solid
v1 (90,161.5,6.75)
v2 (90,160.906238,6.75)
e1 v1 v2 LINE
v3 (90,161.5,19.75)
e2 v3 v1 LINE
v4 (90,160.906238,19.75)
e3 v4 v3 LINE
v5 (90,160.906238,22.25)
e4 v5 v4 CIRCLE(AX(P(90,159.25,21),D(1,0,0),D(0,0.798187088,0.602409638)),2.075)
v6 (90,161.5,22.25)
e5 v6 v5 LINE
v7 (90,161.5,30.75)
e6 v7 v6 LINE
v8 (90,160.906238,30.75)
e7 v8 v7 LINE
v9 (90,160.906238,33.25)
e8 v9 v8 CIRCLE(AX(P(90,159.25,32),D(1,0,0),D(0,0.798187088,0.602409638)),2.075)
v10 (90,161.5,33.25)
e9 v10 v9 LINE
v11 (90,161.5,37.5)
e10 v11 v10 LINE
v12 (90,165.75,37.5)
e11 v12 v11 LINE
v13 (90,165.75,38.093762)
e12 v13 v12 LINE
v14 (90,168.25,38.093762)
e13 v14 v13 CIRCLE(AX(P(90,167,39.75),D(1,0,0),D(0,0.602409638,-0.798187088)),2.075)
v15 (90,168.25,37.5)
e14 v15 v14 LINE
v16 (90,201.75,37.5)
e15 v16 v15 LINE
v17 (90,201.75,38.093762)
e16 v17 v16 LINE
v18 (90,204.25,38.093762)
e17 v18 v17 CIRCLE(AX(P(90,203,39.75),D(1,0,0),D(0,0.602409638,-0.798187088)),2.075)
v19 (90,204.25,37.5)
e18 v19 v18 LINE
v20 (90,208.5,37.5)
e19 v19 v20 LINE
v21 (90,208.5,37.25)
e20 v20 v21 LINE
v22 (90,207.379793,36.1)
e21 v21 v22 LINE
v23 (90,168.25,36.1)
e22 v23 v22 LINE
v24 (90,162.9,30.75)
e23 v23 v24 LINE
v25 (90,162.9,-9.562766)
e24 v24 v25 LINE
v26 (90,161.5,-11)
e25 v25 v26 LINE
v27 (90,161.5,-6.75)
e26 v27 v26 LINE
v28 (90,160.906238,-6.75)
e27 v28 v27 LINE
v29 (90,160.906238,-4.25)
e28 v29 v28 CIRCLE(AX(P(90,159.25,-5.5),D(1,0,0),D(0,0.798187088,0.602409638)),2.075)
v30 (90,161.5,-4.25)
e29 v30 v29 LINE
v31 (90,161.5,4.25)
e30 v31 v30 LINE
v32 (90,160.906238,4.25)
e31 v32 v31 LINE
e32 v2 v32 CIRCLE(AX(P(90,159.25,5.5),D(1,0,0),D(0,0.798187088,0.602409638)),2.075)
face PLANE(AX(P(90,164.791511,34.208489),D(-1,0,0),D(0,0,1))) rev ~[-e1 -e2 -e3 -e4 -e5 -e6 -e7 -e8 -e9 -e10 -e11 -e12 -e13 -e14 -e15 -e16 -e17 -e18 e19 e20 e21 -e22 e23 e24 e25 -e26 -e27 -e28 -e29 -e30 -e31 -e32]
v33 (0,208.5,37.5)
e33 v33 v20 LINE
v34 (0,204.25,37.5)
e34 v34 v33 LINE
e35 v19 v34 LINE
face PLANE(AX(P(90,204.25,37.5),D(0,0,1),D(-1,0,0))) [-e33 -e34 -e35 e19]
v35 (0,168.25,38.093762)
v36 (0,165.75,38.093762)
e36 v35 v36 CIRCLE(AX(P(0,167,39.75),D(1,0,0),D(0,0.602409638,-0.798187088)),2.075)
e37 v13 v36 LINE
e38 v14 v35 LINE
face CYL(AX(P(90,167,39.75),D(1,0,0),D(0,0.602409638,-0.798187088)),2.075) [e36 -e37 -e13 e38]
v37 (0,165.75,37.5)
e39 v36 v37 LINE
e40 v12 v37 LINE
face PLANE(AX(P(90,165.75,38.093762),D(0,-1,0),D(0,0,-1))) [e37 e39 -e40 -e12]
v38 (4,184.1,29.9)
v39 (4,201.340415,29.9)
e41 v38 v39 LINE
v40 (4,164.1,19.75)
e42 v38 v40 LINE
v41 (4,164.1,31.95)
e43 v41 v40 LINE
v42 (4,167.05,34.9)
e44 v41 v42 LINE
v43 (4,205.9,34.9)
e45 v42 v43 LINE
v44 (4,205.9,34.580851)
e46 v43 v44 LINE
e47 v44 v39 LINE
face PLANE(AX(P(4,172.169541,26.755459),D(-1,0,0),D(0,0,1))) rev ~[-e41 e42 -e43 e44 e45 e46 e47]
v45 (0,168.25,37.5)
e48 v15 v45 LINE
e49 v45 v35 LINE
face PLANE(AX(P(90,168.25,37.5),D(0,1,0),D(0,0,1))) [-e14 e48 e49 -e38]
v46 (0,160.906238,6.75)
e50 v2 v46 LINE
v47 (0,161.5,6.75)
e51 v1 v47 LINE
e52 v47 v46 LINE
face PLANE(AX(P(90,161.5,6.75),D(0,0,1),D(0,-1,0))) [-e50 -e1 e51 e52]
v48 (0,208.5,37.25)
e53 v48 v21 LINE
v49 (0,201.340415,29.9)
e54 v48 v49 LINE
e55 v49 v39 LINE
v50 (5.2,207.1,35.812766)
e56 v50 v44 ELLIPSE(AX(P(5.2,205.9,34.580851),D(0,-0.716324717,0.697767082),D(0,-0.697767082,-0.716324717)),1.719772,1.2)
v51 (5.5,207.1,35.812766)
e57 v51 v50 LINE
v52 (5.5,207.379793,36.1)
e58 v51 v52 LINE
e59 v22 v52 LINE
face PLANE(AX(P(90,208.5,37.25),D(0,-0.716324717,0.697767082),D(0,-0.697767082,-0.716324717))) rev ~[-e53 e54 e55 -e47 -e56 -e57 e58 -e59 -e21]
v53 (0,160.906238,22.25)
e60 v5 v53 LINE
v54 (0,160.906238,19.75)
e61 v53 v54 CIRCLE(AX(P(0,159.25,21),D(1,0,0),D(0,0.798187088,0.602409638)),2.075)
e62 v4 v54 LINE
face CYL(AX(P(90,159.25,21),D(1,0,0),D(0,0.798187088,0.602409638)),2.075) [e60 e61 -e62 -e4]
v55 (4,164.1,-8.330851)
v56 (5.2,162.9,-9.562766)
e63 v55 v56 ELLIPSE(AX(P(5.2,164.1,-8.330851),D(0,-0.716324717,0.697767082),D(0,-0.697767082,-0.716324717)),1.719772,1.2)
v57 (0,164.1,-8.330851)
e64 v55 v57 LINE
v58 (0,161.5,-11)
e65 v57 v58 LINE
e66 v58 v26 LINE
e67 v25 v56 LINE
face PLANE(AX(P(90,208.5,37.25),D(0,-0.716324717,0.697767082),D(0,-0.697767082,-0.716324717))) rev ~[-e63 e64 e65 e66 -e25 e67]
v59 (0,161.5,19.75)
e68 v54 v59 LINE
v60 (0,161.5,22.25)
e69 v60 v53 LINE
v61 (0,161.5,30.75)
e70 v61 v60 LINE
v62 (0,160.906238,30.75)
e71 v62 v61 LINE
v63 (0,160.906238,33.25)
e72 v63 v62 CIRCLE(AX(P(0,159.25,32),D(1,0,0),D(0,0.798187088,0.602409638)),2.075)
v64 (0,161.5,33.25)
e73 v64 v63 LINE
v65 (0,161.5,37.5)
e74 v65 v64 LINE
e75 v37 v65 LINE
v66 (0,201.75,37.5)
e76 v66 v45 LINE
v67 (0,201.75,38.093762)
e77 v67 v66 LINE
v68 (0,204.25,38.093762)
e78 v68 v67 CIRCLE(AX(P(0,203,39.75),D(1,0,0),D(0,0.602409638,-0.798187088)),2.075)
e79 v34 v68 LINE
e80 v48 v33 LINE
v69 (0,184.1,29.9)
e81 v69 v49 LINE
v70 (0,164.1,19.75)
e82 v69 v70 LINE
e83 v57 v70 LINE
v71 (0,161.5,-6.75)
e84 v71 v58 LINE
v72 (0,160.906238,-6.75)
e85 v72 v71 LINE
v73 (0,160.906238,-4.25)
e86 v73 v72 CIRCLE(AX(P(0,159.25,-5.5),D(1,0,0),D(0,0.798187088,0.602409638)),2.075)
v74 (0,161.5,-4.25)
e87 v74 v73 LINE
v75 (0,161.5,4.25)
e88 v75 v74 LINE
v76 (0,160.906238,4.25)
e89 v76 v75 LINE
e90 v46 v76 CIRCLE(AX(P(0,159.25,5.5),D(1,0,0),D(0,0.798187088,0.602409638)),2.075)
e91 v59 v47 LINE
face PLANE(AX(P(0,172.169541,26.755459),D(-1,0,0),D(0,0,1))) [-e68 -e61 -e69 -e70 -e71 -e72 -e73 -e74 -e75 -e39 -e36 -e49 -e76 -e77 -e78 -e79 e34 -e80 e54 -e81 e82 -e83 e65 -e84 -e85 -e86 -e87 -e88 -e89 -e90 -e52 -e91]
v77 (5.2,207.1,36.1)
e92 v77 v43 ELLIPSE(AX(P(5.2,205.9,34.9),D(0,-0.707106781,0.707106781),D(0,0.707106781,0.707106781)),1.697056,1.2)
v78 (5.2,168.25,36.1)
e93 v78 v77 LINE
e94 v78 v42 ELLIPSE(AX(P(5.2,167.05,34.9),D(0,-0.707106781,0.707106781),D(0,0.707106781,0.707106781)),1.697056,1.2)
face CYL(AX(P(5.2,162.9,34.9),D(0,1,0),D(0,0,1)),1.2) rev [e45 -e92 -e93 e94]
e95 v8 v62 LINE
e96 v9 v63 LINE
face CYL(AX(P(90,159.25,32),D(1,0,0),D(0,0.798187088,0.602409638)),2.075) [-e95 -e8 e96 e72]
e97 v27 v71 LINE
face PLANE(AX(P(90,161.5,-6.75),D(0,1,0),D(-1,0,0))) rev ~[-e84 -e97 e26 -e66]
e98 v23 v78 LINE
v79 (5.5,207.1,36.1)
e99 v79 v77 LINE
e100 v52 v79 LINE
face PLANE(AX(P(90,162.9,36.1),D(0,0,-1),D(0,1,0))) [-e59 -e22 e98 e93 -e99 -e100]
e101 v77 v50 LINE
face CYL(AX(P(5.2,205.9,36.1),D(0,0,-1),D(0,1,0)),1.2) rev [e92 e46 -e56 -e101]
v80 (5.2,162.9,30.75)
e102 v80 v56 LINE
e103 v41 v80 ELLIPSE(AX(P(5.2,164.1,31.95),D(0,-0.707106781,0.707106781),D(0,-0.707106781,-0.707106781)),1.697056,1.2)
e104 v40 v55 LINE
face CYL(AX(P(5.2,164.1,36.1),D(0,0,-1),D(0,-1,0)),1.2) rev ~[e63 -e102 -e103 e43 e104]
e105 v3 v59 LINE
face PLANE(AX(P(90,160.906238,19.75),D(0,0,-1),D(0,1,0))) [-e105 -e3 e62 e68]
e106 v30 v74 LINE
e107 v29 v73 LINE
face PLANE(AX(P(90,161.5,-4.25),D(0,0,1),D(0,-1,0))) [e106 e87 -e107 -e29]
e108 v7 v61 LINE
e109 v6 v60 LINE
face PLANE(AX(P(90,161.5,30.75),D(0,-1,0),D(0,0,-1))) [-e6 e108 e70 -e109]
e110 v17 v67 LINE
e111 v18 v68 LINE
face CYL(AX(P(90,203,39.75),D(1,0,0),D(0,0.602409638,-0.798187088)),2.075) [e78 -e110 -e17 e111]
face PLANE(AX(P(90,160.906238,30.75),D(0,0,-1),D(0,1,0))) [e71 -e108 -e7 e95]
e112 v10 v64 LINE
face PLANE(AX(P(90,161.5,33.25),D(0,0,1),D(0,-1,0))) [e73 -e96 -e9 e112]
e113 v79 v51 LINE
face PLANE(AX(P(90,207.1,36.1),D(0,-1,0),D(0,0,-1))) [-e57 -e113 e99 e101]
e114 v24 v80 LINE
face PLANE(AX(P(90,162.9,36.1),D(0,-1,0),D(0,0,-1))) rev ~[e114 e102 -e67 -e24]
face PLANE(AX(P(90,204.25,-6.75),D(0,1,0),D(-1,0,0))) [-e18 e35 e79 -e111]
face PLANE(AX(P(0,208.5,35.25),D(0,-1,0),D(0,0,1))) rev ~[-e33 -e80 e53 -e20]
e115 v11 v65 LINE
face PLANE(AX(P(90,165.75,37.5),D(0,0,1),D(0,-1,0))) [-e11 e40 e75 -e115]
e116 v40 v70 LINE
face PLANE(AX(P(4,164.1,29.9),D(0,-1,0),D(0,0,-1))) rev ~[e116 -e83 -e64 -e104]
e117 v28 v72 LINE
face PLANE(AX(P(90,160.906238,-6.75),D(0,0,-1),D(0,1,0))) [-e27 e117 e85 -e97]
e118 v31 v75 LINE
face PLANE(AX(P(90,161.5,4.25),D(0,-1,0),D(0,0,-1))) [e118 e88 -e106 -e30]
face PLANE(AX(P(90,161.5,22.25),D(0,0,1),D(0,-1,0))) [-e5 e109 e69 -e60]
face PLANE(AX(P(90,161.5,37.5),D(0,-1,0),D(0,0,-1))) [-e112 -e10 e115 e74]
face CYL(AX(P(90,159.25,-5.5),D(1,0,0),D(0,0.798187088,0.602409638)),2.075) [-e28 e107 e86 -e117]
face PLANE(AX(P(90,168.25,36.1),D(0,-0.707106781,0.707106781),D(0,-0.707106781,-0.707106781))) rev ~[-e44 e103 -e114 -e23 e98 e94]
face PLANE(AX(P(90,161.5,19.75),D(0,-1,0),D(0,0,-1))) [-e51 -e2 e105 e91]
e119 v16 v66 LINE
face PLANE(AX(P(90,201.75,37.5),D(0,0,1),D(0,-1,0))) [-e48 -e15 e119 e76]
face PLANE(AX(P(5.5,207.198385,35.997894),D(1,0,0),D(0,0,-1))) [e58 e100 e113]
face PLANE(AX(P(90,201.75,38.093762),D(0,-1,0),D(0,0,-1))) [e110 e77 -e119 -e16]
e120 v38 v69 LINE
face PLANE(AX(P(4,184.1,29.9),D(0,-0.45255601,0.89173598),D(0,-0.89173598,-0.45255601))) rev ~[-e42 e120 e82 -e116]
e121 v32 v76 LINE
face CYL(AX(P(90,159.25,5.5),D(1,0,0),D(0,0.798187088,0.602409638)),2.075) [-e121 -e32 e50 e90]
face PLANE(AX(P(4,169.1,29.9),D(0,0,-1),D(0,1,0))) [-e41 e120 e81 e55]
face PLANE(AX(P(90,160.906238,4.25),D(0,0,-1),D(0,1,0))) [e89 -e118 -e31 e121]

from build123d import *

# Parameters (mm, degrees)
EXTRUDE_1_DEPTH             = 90
SKETCH_2_W                  = 90
SKETCH_2_H                  = 42.75
EXTRUDE_2_DEPTH             = 8.2
SKETCH_3_W                  = 90
SKETCH_3_H                  = 52.45
EXTRUDE_3_DEPTH             = 8.2
SKETCH_4_W                  = 3.95
SKETCH_4_H                  = 2.25
CUT_EXTRUDE_1_DEPTH         = 235.487383722
SKETCH_5_W                  = 3.95
SKETCH_5_H                  = 29.5
CUT_EXTRUDE_2_DEPTH         = 235.487383722
SKETCH_6_W                  = 3.95
SKETCH_6_H                  = 6.2
CUT_EXTRUDE_3_DEPTH         = 235.487383722
SKETCH_7_W                  = 2.25
SKETCH_7_H                  = 3.95
CUT_EXTRUDE_4_DEPTH         = 235.487383722
SKETCH_8_W                  = 4.5
SKETCH_8_H                  = 3.95
CUT_EXTRUDE_5_DEPTH         = 235.487383722
SKETCH_9_W                  = 9
SKETCH_9_H                  = 3.95
CUT_EXTRUDE_6_DEPTH         = 235.487383722
SKETCH_10_W                 = 4.5
SKETCH_10_H                 = 3.95
CUT_EXTRUDE_7_DEPTH         = 235.487383722
SKETCH_11_W                 = 2.25
SKETCH_11_H                 = 3.95
CUT_EXTRUDE_8_DEPTH         = 235.487383722
SKETCH_12_W                 = 45.7
SKETCH_12_H                 = 44.2
CUT_EXTRUDE_9_DEPTH         = 86
HOLE_WIZARD_2_5_2_5_1_D     = 2.5
HOLE_WIZARD_4_5_4_5_1_D     = 4.5
HOLE_WIZARD_8_3_8_3_1_D     = 8.3
HOLE_WIZARD_8_3_8_3_1_DEPTH = 3.2
SKETCH_19_R                 = 1.67252853
SKETCH_19_R_2               = 1.459159852
SKETCH_19_R_3               = 1.459908976
SKETCH_19_R_4               = 1.592821911
SKETCH_19_R_5               = 1.532216665
SKETCH_19_R_6               = 1.596138091
EXTRUDE_4_DEPTH             = 90
CUT_EXTRUDE_START           = -90
SKETCH_20_R                 = 4.15
CUT_EXTRUDE_10_DEPTH        = 90
FILLET_1_R                  = 2
FILLET_2_R                  = 2
FILLET_3_R                  = 2
FILLET_4_R                  = 2
FILLET_5_R                  = 2
FILLET_6_R                  = 2
FILLET_7_R                  = 2
FILLET_8_R                  = 2
FILLET_9_R                  = 2
FILLET_10_R                 = 2
FILLET_11_R                 = 2
FILLET_12_R                 = 2
FILLET_13_R                 = 1.2
CUT_EXTRUDE_11_DEPTH        = 131
EXTRUDE_START               = -4
EXTRUDE_5_DEPTH             = 4
CUT_EXTRUDE_12_DEPTH        = 4
CUT_EXTRUDE_14_DEPTH        = 6
EXTRUDE_6_DEPTH             = 4
EXTRUDE_7_DEPTH             = 87
CUT_EXTRUDE_15_DEPTH        = 84.5


with BuildPart() as part:
    # Эскиз1 → Бобышка-Вытянуть1 (new body)
    with BuildSketch(Plane(origin=(90, 0, 0), x_dir=(0, 0, -1), z_dir=(1, 0, 0))):
        with BuildLine():
            Line((6.75, 160.906238208), (6.75, 204.25))
            Line((6.75, 204.25), (-38.093761792, 204.25))
            ThreePointArc((-38.093761792, 204.25), (-41.825, 203), (-38.093761792, 201.75))
            Line((-38.093761792, 201.75), (-37.5, 201.75))
            Line((-37.5, 201.75), (-37.5, 168.25))
            Line((-37.5, 168.25), (-38.093761792, 168.25))
            ThreePointArc((-38.093761792, 168.25), (-41.825, 167), (-38.093761792, 165.75))
            Line((-38.093761792, 165.75), (-37.5, 165.75))
            Line((-37.5, 165.75), (-37.5, 161.5))
            Line((-37.5, 161.5), (-33.25, 161.5))
            Line((-33.25, 161.5), (-33.25, 160.906238208))
            ThreePointArc((-33.25, 160.906238208), (-32, 157.175), (-30.75, 160.906238208))
            Line((-30.75, 160.906238208), (-30.75, 161.5))
            Line((-30.75, 161.5), (-22.25, 161.5))
            Line((-22.25, 161.5), (-22.25, 160.906238208))
            ThreePointArc((-22.25, 160.906238208), (-21, 157.175), (-19.75, 160.906238208))
            Line((-19.75, 160.906238208), (-19.75, 161.5))
            Line((-19.75, 161.5), (-6.75, 161.5))
            Line((-6.75, 161.5), (-6.75, 160.906238208))
            ThreePointArc((-6.75, 160.906238208), (-5.5, 157.175), (-4.25, 160.906238208))
            Line((-4.25, 160.906238208), (-4.25, 161.5))
            Line((-4.25, 161.5), (4.25, 161.5))
            Line((4.25, 161.5), (4.25, 160.906238208))
            ThreePointArc((4.25, 160.906238208), (5.5, 157.175), (6.75, 160.906238208))
        make_face()
    extrude(amount=-EXTRUDE_1_DEPTH)

    # Эскиз2 → Бобышка-Вытянуть2 (add)
    with BuildSketch(Plane(origin=(0, 0, -6.75), x_dir=(-1, 0, 0), z_dir=(0, 0, -1))):
        with Locations((-45, 182.875)):
            Rectangle(SKETCH_2_W, SKETCH_2_H)
    extrude(amount=EXTRUDE_2_DEPTH)

    # Эскиз3 → Бобышка-Вытянуть3 (add)
    with BuildSketch(Plane(origin=(0, 204.25, 0), x_dir=(-1, 0, 0), z_dir=(0, 1, 0))):
        with Locations((-45, 11.275)):
            Rectangle(SKETCH_3_W, SKETCH_3_H)
    extrude(amount=EXTRUDE_3_DEPTH)

    # Эскиз4 → Вырез-Вытянуть1 (cut, through all)
    with BuildSketch(Plane.ZY):
        with Locations((-12.975, 162.625)):
            Rectangle(SKETCH_4_W, SKETCH_4_H)
    extrude(amount=-CUT_EXTRUDE_1_DEPTH, mode=Mode.SUBTRACT)

    # Эскиз5 → Вырез-Вытянуть2 (cut, through all)
    with BuildSketch(Plane.ZY):
        with Locations((-12.975, 185)):
            Rectangle(SKETCH_5_W, SKETCH_5_H)
    extrude(amount=-CUT_EXTRUDE_2_DEPTH, mode=Mode.SUBTRACT)

    # Эскиз6 → Вырез-Вытянуть3 (cut, through all)
    with BuildSketch(Plane.ZY):
        with Locations((-12.975, 209.35)):
            Rectangle(SKETCH_6_W, SKETCH_6_H)
    extrude(amount=-CUT_EXTRUDE_3_DEPTH, mode=Mode.SUBTRACT)

    # Эскиз7 → Вырез-Вытянуть4 (cut, through all)
    with BuildSketch(Plane.ZY):
        with Locations((-9.875, 210.475)):
            Rectangle(SKETCH_7_W, SKETCH_7_H)
    extrude(amount=-CUT_EXTRUDE_4_DEPTH, mode=Mode.SUBTRACT)

    # Эскиз8 → Вырез-Вытянуть5 (cut, through all)
    with BuildSketch(Plane.ZY):
        with Locations((0, 210.475)):
            Rectangle(SKETCH_8_W, SKETCH_8_H)
    extrude(amount=-CUT_EXTRUDE_5_DEPTH, mode=Mode.SUBTRACT)

    # Эскиз9 → Вырез-Вытянуть6 (cut, through all)
    with BuildSketch(Plane.ZY):
        with Locations((13.25, 210.475)):
            Rectangle(SKETCH_9_W, SKETCH_9_H)
    extrude(amount=-CUT_EXTRUDE_6_DEPTH, mode=Mode.SUBTRACT)

    # Эскиз10 → Вырез-Вытянуть7 (cut, through all)
    with BuildSketch(Plane.ZY):
        with Locations((26.5, 210.475)):
            Rectangle(SKETCH_10_W, SKETCH_10_H)
    extrude(amount=-CUT_EXTRUDE_7_DEPTH, mode=Mode.SUBTRACT)

    # Эскиз11 → Вырез-Вытянуть8 (cut, through all)
    with BuildSketch(Plane.ZY):
        with Locations((36.375, 210.475)):
            Rectangle(SKETCH_11_W, SKETCH_11_H)
    extrude(amount=-CUT_EXTRUDE_8_DEPTH, mode=Mode.SUBTRACT)

    # Эскиз12 → Вырез-Вытянуть9 (cut)
    with BuildSketch(Plane(origin=(90, 0, 0), x_dir=(0, 0, -1), z_dir=(1, 0, 0))):
        with Locations((-13.25, 185)):
            Rectangle(SKETCH_12_W, SKETCH_12_H)
    extrude(amount=-CUT_EXTRUDE_9_DEPTH, mode=Mode.SUBTRACT)

    # Диаметр отверстия Ø2.5 (2.5)1 (through all)
    with Locations(Plane(origin=(90, 0, 0), x_dir=(0, 0, -1), z_dir=(1, 0, 0))):
        with Locations((5.5, 159.25), (-21, 159.25), (-5.5, 159.25), (-32, 159.25), (-39.75, 167), (-39.75, 203)):
            Hole(HOLE_WIZARD_2_5_2_5_1_D / 2)

    # Диаметр отверстия Ø4.5 (4.5)1 (through all)
    with Locations(Plane.ZY):
        with Locations((-13.25, 167), (-13.25, 203), (-5.5, 210.75), (5.5, 210.75), (21, 210.75), (32, 210.75)):
            Hole(HOLE_WIZARD_4_5_4_5_1_D / 2)

    # Диаметр отверстия Ø8.3 (8.3)1
    with Locations(Plane.ZY):
        with Locations((13.25, 185)):
            Hole(HOLE_WIZARD_8_3_8_3_1_D / 2, depth=HOLE_WIZARD_8_3_8_3_1_DEPTH)

    # Эскиз19 → Бобышка-Вытянуть4 (add)
    with BuildSketch(Plane(origin=(90, 0, 0), x_dir=(0, 0, -1), z_dir=(1, 0, 0))):
        with Locations((-39.75, 203)):
            Circle(SKETCH_19_R)
        with Locations((-39.75, 167)):
            Circle(SKETCH_19_R_2)
        with Locations((-32, 159.25)):
            Circle(SKETCH_19_R_3)
        with Locations((-21, 159.25)):
            Circle(SKETCH_19_R_4)
        with Locations((-5.5, 159.25)):
            Circle(SKETCH_19_R_5)
        with Locations((5.5, 159.25)):
            Circle(SKETCH_19_R_6)
    extrude(amount=-EXTRUDE_4_DEPTH)

    # Эскиз20 → Вырез-Вытянуть10 (cut)
    with BuildSketch(Plane.ZY.offset(CUT_EXTRUDE_START)):
        with Locations((13.25, 185)):
            Circle(SKETCH_20_R)
    extrude(amount=CUT_EXTRUDE_10_DEPTH, mode=Mode.SUBTRACT)

    # Скругление1
    fillet_1_edges = [part.edges().sort_by_distance(p)[0] for p in [
        (45, 208.5, -8.75),
    ]]
    fillet(fillet_1_edges, radius=FILLET_1_R)

    # Скругление2
    fillet_2_edges = [part.edges().sort_by_distance(p)[0] for p in [
        (45, 163.75, -11),
    ]]
    fillet(fillet_2_edges, radius=FILLET_2_R)

    # Скругление3
    fillet_3_edges = [part.edges().sort_by_distance(p)[0] for p in [
        (45, 170.25, -11),
    ]]
    fillet(fillet_3_edges, radius=FILLET_3_R)

    # Скругление4
    fillet_4_edges = [part.edges().sort_by_distance(p)[0] for p in [
        (45, 199.75, -11),
    ]]
    fillet(fillet_4_edges, radius=FILLET_4_R)

    # Скругление5
    fillet_5_edges = [part.edges().sort_by_distance(p)[0] for p in [
        (45, 206.25, -11),
    ]]
    fillet(fillet_5_edges, radius=FILLET_5_R)

    # Скругление6
    fillet_6_edges = [part.edges().sort_by_distance(p)[0] for p in [
        (45, 208.5, -2.25),
    ]]
    fillet(fillet_6_edges, radius=FILLET_6_R)

    # Скругление7
    fillet_7_edges = [part.edges().sort_by_distance(p)[0] for p in [
        (45, 208.5, 2.25),
    ]]
    fillet(fillet_7_edges, radius=FILLET_7_R)

    # Скругление8
    fillet_8_edges = [part.edges().sort_by_distance(p)[0] for p in [
        (45, 208.5, 8.75),
    ]]
    fillet(fillet_8_edges, radius=FILLET_8_R)

    # Скругление9
    fillet_9_edges = [part.edges().sort_by_distance(p)[0] for p in [
        (45, 208.5, 17.75),
    ]]
    fillet(fillet_9_edges, radius=FILLET_9_R)

    # Скругление10
    fillet_10_edges = [part.edges().sort_by_distance(p)[0] for p in [
        (45, 208.5, 24.25),
    ]]
    fillet(fillet_10_edges, radius=FILLET_10_R)

    # Скругление11
    fillet_11_edges = [part.edges().sort_by_distance(p)[0] for p in [
        (45, 208.5, 28.75),
    ]]
    fillet(fillet_11_edges, radius=FILLET_11_R)

    # Скругление12
    fillet_12_edges = [part.edges().sort_by_distance(p)[0] for p in [
        (45, 208.5, 35.25),
    ]]
    fillet(fillet_12_edges, radius=FILLET_12_R)

    # Скругление13
    fillet_13_edges = [part.edges().sort_by_distance(p)[0] for p in [
        (4, 185, -9.6),
        (4, 162.9, 13.25),
        (4, 185, 36.1),
        (4, 207.1, 13.25),
    ]]
    fillet(fillet_13_edges, radius=FILLET_13_R)

    # Эскиз21 → Вырез-Вытянуть11 (cut)
    with BuildSketch(Plane(origin=(90, 0, 0), x_dir=(0, 0, -1), z_dir=(1, 0, 0))):
        Polygon((-37.25, 208.5), (11, 161.5), (17.903435656, 161.5), (17.903435656, 214.883320623), (-37.25, 214.883320623), align=None)
    extrude(amount=-CUT_EXTRUDE_11_DEPTH, mode=Mode.SUBTRACT)

    # Эскиз22 → Бобышка-Вытянуть5 (add)
    with BuildSketch(Plane.ZY.offset(EXTRUDE_START)):
        with BuildLine():
            Line((16.161231082, 187.957572246), (10.217049193, 182.167384706))
            ThreePointArc((10.217049193, 182.167384706), (16.145733389, 182.027252425), (16.161231082, 187.957572246))
        make_face()
    extrude(amount=EXTRUDE_5_DEPTH)

    # Эскиз23 → Вырез-Вытянуть12 (cut)
    with BuildSketch(Plane(origin=(4, 0, 0), x_dir=(0, 0, -1), z_dir=(1, 0, 0))):
        Polygon((-29.9, 205.9), (8.330851064, 169.1), (-29.9, 169.1), align=None)
    extrude(amount=-CUT_EXTRUDE_12_DEPTH, mode=Mode.SUBTRACT)

    # Эскиз25 → Вырез-Вытянуть14 (cut)
    with BuildSketch(Plane(origin=(4, 0, 0), x_dir=(0, 0, -1), z_dir=(1, 0, 0))):
        Polygon((-29.9, 164.1), (8.330851064, 164.1), (3.19787234, 169.1), (-29.9, 169.1), align=None)
    extrude(amount=-CUT_EXTRUDE_14_DEPTH, mode=Mode.SUBTRACT)

    # Эскиз26 → Бобышка-Вытянуть6 (add)
    with BuildSketch(Plane(origin=(4, 0, 0), x_dir=(0, 0, -1), z_dir=(1, 0, 0))):
        Polygon((-29.9, 184.1), (-19.75, 164.1), (-29.9, 164.1), align=None)
    extrude(amount=-EXTRUDE_6_DEPTH)

    # Эскиз27 → Бобышка-Вытянуть7 (add)
    with BuildSketch(Plane(origin=(90, 0, 0), x_dir=(0, 0, -1), z_dir=(1, 0, 0))):
        Polygon((-30.75, 162.9), (-36.1, 162.9), (-36.1, 168.25), align=None)
    extrude(amount=-EXTRUDE_7_DEPTH)

    # Эскиз28 → Вырез-Вытянуть15 (cut)
    with BuildSketch(Plane(origin=(90, 0, 0), x_dir=(0, 0, -1), z_dir=(1, 0, 0))):
        Polygon((-36.1, 207.1), (-35.812765957, 207.1), (-36.1, 207.379792746), align=None)
    extrude(amount=-CUT_EXTRUDE_15_DEPTH, mode=Mode.SUBTRACT)


solid = part.part
